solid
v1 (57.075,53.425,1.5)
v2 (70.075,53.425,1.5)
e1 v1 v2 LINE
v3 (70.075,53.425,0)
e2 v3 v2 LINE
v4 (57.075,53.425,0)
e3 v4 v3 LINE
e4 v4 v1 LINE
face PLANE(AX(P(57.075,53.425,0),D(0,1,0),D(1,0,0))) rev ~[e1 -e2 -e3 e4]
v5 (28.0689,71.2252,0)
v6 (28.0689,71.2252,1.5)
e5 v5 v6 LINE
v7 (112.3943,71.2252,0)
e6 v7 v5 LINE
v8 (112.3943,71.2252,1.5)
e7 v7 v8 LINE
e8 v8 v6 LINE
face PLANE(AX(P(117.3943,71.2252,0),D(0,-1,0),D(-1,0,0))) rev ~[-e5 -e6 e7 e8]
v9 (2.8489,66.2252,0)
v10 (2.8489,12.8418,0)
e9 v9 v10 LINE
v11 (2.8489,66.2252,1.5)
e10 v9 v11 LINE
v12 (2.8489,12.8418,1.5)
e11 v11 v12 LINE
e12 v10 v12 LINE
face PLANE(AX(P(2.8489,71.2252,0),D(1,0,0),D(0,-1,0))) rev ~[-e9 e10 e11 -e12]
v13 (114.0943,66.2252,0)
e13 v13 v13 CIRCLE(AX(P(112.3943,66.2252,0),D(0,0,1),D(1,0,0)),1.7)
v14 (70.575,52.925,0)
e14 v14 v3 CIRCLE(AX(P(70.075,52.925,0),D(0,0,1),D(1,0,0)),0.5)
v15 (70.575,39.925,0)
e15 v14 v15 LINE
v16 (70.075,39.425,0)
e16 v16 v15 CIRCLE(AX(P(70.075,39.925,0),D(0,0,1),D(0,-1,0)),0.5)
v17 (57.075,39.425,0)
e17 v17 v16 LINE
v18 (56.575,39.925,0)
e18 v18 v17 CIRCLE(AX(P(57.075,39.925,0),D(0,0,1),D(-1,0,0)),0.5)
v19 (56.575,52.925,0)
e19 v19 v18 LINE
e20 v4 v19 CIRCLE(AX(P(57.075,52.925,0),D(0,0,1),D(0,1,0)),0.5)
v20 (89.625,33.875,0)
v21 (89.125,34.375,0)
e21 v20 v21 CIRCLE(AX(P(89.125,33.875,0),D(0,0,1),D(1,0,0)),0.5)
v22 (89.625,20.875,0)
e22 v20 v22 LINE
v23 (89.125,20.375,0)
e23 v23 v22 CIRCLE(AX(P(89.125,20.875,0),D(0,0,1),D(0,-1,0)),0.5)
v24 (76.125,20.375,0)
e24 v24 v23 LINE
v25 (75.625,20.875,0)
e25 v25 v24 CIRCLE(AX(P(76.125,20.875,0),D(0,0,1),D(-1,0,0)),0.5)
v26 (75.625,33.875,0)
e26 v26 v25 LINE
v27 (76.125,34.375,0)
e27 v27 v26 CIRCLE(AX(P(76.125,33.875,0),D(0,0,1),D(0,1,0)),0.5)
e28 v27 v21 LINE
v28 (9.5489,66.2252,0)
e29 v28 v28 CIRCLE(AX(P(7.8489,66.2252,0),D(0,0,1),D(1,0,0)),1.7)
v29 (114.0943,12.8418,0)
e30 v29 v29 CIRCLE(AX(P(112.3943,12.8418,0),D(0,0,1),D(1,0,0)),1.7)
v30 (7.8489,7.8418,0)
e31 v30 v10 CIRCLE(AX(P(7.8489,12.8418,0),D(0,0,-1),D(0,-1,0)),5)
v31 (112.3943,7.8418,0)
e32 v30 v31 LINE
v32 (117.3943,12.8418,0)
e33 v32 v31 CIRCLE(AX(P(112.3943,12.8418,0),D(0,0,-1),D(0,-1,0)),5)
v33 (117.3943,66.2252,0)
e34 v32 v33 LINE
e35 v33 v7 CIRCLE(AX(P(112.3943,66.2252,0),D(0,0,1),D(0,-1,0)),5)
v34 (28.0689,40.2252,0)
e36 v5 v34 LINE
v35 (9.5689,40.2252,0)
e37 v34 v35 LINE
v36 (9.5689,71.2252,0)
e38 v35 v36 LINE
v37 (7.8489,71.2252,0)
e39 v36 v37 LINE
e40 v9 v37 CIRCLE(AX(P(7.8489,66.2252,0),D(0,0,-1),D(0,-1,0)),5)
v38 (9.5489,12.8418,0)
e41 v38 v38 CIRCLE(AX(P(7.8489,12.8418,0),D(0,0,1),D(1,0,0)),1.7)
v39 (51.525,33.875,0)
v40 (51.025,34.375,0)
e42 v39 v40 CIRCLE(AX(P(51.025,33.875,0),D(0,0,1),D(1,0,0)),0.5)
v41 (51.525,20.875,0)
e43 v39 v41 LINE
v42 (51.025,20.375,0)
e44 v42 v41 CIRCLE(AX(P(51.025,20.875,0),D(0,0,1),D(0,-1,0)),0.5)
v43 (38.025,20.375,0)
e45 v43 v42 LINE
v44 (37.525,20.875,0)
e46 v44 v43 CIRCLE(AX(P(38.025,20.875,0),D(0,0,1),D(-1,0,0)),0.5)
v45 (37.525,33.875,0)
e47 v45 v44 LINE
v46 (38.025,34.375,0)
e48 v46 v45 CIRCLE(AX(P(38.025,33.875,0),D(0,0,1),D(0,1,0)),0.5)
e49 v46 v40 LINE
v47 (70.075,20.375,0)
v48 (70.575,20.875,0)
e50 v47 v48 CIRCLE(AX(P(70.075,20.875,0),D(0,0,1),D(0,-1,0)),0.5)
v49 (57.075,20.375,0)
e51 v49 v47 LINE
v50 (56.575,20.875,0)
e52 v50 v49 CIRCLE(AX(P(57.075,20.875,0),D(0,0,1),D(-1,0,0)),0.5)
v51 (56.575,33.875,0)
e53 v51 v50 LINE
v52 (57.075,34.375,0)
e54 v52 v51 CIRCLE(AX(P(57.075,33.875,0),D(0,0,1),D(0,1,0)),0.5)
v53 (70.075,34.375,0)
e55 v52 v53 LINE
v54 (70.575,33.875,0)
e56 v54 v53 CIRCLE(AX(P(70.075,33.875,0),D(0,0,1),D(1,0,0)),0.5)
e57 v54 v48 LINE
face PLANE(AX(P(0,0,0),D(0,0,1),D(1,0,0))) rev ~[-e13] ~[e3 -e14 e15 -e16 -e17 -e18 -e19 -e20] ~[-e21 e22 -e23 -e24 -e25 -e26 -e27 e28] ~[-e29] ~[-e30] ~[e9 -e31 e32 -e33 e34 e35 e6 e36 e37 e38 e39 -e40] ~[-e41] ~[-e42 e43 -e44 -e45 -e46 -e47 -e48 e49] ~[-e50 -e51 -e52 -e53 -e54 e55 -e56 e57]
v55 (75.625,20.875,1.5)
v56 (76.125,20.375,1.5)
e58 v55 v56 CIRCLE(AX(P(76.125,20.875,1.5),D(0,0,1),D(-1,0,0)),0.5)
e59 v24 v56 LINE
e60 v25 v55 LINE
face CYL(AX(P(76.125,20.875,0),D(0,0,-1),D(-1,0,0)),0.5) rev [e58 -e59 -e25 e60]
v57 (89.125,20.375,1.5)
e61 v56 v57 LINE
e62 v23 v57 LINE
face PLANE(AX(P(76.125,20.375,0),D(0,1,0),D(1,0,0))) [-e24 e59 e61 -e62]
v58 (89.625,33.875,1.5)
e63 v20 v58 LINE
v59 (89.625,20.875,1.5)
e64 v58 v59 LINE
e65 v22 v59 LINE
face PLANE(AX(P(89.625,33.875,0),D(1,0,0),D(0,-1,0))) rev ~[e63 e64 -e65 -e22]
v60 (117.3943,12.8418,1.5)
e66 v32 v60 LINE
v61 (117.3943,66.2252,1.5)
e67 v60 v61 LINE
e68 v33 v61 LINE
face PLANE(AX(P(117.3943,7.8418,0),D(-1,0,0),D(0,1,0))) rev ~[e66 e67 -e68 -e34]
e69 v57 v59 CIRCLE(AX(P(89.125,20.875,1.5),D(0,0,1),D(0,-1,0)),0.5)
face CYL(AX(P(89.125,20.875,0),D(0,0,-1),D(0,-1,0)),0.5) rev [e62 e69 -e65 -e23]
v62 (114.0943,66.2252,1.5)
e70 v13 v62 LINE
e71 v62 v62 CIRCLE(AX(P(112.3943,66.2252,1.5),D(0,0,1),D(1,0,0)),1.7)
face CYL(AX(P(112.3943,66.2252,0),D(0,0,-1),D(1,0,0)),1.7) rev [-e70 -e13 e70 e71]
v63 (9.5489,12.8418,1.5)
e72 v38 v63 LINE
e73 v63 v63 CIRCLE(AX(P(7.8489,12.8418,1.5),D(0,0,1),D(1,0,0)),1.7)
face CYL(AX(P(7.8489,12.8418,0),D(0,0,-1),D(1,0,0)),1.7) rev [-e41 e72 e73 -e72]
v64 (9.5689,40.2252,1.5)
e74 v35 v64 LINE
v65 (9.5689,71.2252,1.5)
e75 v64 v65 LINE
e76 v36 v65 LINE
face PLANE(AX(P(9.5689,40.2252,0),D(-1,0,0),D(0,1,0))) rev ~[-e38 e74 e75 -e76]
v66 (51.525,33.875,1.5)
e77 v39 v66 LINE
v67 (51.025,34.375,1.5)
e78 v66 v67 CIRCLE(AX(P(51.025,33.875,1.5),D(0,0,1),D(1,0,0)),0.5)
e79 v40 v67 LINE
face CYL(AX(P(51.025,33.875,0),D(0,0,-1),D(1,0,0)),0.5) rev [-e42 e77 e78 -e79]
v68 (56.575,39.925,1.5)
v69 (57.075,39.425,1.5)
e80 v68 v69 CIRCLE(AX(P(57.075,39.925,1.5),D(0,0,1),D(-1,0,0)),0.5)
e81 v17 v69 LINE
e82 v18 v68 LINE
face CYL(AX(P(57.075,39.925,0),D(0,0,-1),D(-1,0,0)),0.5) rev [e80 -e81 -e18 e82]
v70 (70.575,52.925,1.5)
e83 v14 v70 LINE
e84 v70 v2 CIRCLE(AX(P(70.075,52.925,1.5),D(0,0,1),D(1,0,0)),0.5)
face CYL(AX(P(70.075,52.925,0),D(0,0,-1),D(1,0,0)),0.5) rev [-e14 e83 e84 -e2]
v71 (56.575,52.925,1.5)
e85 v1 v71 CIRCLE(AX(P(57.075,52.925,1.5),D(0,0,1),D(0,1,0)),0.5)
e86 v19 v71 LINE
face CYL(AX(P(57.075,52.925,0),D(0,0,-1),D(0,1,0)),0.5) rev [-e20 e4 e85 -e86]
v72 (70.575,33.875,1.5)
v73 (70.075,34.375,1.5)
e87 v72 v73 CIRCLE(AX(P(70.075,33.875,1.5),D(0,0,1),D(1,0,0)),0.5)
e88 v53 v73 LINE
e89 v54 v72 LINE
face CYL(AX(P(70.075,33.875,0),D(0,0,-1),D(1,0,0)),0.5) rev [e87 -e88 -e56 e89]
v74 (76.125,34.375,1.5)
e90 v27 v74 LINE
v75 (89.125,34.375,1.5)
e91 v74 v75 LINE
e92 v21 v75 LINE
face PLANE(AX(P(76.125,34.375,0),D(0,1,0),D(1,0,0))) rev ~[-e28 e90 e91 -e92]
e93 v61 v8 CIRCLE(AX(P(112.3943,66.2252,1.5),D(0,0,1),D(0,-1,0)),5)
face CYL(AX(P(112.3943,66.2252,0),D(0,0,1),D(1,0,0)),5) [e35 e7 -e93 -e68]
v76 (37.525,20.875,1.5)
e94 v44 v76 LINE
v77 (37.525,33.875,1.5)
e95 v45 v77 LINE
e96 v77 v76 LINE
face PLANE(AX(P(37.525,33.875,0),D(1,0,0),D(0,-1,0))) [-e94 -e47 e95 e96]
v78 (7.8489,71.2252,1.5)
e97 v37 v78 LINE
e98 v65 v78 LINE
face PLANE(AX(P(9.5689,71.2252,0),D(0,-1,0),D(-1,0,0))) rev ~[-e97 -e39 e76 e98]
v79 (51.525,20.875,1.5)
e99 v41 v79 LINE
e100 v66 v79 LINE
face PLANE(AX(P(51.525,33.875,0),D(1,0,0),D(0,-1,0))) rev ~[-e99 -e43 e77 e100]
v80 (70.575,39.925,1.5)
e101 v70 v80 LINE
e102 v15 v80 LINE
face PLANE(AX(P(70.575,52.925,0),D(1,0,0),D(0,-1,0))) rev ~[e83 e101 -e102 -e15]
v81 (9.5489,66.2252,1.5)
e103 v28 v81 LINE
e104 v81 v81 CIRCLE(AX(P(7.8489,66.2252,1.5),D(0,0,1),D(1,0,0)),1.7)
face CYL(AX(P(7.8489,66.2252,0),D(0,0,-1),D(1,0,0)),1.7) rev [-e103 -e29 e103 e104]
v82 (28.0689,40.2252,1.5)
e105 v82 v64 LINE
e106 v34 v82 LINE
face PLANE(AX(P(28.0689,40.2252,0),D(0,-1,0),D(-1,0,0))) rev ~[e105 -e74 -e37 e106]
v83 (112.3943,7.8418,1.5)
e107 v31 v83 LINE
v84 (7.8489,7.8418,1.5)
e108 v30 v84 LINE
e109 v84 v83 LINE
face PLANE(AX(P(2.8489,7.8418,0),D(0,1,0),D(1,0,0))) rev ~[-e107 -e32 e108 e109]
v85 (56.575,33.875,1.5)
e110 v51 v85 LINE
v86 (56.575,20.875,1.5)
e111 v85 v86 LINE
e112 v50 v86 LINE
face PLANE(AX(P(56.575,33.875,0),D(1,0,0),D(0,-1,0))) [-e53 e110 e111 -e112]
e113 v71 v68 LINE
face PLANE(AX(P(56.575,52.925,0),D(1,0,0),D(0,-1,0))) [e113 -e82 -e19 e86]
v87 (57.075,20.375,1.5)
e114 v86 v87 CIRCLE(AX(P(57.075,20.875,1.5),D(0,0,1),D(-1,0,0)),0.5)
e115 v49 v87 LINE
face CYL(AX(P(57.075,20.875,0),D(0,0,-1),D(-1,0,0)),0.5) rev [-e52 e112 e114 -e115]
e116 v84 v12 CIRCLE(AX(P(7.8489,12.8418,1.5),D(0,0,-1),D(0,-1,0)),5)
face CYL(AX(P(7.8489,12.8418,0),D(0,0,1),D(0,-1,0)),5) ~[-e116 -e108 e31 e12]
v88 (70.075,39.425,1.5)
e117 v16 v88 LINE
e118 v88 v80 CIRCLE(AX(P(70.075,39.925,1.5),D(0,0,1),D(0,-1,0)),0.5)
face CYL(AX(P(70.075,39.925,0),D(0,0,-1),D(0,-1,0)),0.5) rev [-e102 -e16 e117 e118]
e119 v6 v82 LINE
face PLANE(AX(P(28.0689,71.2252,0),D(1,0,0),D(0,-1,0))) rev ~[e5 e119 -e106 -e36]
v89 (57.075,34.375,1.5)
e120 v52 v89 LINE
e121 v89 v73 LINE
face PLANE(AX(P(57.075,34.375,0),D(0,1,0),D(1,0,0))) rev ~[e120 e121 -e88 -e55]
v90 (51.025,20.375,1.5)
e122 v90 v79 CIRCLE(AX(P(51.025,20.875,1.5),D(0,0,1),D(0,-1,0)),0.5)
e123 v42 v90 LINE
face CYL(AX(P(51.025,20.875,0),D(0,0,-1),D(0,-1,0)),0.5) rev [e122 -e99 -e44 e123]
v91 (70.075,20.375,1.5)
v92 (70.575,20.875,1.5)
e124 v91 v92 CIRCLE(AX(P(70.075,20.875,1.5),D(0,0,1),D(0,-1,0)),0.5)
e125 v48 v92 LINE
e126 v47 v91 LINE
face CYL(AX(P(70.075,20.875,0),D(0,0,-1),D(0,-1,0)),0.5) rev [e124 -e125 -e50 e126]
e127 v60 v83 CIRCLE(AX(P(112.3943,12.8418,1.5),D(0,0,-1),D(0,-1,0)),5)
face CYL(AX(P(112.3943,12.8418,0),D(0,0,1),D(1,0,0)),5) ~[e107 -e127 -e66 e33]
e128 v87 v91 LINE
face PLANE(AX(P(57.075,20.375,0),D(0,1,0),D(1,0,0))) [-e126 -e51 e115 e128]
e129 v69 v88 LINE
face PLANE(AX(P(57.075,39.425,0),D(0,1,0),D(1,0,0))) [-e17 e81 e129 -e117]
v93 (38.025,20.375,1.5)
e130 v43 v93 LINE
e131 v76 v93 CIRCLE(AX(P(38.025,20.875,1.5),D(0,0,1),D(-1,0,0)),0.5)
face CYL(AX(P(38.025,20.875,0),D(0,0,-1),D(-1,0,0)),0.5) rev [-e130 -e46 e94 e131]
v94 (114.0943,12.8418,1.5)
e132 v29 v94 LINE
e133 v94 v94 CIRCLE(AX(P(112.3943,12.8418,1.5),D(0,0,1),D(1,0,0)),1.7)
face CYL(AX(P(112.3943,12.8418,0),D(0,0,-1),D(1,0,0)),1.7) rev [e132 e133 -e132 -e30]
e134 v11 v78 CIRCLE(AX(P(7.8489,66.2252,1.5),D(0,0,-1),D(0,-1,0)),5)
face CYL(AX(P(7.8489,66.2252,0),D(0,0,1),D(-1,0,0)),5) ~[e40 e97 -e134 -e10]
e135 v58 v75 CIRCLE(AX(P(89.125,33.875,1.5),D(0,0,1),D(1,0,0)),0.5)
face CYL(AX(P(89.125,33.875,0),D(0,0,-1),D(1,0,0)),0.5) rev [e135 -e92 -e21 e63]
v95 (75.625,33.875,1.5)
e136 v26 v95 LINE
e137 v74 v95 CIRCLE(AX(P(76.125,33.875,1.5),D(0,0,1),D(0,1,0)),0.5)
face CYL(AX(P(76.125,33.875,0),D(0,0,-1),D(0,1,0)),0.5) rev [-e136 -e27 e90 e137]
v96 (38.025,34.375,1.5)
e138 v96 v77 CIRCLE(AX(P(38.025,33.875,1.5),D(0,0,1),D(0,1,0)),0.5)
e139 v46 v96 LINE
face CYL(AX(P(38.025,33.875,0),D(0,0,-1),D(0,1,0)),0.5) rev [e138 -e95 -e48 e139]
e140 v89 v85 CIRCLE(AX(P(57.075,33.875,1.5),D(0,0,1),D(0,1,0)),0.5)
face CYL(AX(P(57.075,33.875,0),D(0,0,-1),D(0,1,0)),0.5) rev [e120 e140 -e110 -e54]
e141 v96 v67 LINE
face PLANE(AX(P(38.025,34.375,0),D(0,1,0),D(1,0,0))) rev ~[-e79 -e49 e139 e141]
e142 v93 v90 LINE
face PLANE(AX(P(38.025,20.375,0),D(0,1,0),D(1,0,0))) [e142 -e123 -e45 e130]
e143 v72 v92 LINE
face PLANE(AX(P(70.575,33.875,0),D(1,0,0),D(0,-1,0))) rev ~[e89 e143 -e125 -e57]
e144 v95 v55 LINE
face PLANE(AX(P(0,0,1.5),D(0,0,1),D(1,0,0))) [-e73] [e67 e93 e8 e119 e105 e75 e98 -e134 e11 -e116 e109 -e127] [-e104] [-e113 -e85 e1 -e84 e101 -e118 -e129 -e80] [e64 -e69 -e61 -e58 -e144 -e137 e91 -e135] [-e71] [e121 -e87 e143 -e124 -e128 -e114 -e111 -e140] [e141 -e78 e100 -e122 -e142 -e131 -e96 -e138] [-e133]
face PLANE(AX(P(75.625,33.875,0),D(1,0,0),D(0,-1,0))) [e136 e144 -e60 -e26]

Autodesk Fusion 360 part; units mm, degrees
sketch "Sketch1" plane through (0, 0, 0) normal (0, 0, 1) x (1, 0, 0)
  line L0 (57.075, 53.425) -> (70.075, 53.425)
  line L1 (57.075, 39.425) -> (70.075, 39.425)
  line L2 (56.575, 52.925) -> (56.575, 39.925)
  line L3 (70.575, 52.925) -> (70.575, 39.925)
  arc A0 (57.075, 53.425) -> (56.575, 52.925) centre (57.075, 52.925) ccw
  arc A1 (70.575, 52.925) -> (70.075, 53.425) centre (70.075, 52.925) ccw
  arc A2 (56.575, 39.925) -> (57.075, 39.425) centre (57.075, 39.925) ccw
  arc A3 (70.075, 39.425) -> (70.575, 39.925) centre (70.075, 39.925) ccw
  line L4 (38.025, 34.375) -> (51.025, 34.375)
  line L5 (38.025, 20.375) -> (51.025, 20.375)
  line L6 (37.525, 33.875) -> (37.525, 20.875)
  line L7 (51.525, 33.875) -> (51.525, 20.875)
  arc A4 (38.025, 34.375) -> (37.525, 33.875) centre (38.025, 33.875) ccw
  arc A5 (51.525, 33.875) -> (51.025, 34.375) centre (51.025, 33.875) ccw
  arc A6 (37.525, 20.875) -> (38.025, 20.375) centre (38.025, 20.875) ccw
  arc A7 (51.025, 20.375) -> (51.525, 20.875) centre (51.025, 20.875) ccw
  line L8 (57.075, 34.375) -> (70.075, 34.375)
  line L9 (57.075, 20.375) -> (70.075, 20.375)
  line L10 (56.575, 33.875) -> (56.575, 20.875)
  line L11 (70.575, 33.875) -> (70.575, 20.875)
  arc A8 (57.075, 34.375) -> (56.575, 33.875) centre (57.075, 33.875) ccw
  arc A9 (70.575, 33.875) -> (70.075, 34.375) centre (70.075, 33.875) ccw
  arc A10 (56.575, 20.875) -> (57.075, 20.375) centre (57.075, 20.875) ccw
  arc A11 (70.075, 20.375) -> (70.575, 20.875) centre (70.075, 20.875) ccw
  line L12 (76.125, 34.375) -> (89.125, 34.375)
  line L13 (76.125, 20.375) -> (89.125, 20.375)
  line L14 (75.625, 33.875) -> (75.625, 20.875)
  line L15 (89.625, 33.875) -> (89.625, 20.875)
  arc A12 (76.125, 34.375) -> (75.625, 33.875) centre (76.125, 33.875) ccw
  arc A13 (89.625, 33.875) -> (89.125, 34.375) centre (89.125, 33.875) ccw
  arc A14 (75.625, 20.875) -> (76.125, 20.375) centre (76.125, 20.875) ccw
  arc A15 (89.125, 20.375) -> (89.625, 20.875) centre (89.125, 20.875) ccw
  line L16 (117.3943, 71.2252) -> (2.8489, 71.2252)
  line L17 (2.8489, 71.2252) -> (2.8489, 7.8418)
  line L18 (2.8489, 7.8418) -> (117.3943, 7.8418)
  line L19 (117.3943, 7.8418) -> (117.3943, 71.2252)
  line L20 (9.5689, 71.2252) -> (28.0689, 71.2252)
  line L21 (28.0689, 71.2252) -> (28.0689, 40.2252)
  line L22 (28.0689, 40.2252) -> (9.5689, 40.2252)
  line L23 (9.5689, 40.2252) -> (9.5689, 71.2252)
  circle A16 centre (112.3943, 66.2252) radius 1.7
  circle A17 centre (112.3943, 12.8418) radius 1.7
  circle A18 centre (7.8489, 12.8418) radius 1.7
  circle A19 centre (7.8489, 66.2252) radius 1.7
  dimension "d1" = 114.5454
  dimension "d2" = 63.3834
  dimension "d3" = 37.513
  dimension "d5" = 18.5
  dimension "d6" = 31
  dimension "d7" = 6.72
  dimension "d8" = 3.4
  dimension "d9" = 5
  dimension "d10" = 5
  dimension "d11" = 3.4
  dimension "d12" = 5
  dimension "d13" = 5
  dimension "d14" = 3.4
  dimension "d15" = 5
  dimension "d16" = 5
  dimension "d17" = 3.4
  dimension "d18" = 5
  dimension "d19" = 5
extrude "Extrude1" add sketch "Sketch1" along normal blind 1.5 contours L16 L17 L18 L19 L21 L22 L23
fillet "Fillet1" radius 5 4 edges at (2.8489, 7.8418, 0.75) (2.8489, 71.2252, 0.75) (117.3943, 71.2252, 0.75) (117.3943, 7.8418, 0.75)
